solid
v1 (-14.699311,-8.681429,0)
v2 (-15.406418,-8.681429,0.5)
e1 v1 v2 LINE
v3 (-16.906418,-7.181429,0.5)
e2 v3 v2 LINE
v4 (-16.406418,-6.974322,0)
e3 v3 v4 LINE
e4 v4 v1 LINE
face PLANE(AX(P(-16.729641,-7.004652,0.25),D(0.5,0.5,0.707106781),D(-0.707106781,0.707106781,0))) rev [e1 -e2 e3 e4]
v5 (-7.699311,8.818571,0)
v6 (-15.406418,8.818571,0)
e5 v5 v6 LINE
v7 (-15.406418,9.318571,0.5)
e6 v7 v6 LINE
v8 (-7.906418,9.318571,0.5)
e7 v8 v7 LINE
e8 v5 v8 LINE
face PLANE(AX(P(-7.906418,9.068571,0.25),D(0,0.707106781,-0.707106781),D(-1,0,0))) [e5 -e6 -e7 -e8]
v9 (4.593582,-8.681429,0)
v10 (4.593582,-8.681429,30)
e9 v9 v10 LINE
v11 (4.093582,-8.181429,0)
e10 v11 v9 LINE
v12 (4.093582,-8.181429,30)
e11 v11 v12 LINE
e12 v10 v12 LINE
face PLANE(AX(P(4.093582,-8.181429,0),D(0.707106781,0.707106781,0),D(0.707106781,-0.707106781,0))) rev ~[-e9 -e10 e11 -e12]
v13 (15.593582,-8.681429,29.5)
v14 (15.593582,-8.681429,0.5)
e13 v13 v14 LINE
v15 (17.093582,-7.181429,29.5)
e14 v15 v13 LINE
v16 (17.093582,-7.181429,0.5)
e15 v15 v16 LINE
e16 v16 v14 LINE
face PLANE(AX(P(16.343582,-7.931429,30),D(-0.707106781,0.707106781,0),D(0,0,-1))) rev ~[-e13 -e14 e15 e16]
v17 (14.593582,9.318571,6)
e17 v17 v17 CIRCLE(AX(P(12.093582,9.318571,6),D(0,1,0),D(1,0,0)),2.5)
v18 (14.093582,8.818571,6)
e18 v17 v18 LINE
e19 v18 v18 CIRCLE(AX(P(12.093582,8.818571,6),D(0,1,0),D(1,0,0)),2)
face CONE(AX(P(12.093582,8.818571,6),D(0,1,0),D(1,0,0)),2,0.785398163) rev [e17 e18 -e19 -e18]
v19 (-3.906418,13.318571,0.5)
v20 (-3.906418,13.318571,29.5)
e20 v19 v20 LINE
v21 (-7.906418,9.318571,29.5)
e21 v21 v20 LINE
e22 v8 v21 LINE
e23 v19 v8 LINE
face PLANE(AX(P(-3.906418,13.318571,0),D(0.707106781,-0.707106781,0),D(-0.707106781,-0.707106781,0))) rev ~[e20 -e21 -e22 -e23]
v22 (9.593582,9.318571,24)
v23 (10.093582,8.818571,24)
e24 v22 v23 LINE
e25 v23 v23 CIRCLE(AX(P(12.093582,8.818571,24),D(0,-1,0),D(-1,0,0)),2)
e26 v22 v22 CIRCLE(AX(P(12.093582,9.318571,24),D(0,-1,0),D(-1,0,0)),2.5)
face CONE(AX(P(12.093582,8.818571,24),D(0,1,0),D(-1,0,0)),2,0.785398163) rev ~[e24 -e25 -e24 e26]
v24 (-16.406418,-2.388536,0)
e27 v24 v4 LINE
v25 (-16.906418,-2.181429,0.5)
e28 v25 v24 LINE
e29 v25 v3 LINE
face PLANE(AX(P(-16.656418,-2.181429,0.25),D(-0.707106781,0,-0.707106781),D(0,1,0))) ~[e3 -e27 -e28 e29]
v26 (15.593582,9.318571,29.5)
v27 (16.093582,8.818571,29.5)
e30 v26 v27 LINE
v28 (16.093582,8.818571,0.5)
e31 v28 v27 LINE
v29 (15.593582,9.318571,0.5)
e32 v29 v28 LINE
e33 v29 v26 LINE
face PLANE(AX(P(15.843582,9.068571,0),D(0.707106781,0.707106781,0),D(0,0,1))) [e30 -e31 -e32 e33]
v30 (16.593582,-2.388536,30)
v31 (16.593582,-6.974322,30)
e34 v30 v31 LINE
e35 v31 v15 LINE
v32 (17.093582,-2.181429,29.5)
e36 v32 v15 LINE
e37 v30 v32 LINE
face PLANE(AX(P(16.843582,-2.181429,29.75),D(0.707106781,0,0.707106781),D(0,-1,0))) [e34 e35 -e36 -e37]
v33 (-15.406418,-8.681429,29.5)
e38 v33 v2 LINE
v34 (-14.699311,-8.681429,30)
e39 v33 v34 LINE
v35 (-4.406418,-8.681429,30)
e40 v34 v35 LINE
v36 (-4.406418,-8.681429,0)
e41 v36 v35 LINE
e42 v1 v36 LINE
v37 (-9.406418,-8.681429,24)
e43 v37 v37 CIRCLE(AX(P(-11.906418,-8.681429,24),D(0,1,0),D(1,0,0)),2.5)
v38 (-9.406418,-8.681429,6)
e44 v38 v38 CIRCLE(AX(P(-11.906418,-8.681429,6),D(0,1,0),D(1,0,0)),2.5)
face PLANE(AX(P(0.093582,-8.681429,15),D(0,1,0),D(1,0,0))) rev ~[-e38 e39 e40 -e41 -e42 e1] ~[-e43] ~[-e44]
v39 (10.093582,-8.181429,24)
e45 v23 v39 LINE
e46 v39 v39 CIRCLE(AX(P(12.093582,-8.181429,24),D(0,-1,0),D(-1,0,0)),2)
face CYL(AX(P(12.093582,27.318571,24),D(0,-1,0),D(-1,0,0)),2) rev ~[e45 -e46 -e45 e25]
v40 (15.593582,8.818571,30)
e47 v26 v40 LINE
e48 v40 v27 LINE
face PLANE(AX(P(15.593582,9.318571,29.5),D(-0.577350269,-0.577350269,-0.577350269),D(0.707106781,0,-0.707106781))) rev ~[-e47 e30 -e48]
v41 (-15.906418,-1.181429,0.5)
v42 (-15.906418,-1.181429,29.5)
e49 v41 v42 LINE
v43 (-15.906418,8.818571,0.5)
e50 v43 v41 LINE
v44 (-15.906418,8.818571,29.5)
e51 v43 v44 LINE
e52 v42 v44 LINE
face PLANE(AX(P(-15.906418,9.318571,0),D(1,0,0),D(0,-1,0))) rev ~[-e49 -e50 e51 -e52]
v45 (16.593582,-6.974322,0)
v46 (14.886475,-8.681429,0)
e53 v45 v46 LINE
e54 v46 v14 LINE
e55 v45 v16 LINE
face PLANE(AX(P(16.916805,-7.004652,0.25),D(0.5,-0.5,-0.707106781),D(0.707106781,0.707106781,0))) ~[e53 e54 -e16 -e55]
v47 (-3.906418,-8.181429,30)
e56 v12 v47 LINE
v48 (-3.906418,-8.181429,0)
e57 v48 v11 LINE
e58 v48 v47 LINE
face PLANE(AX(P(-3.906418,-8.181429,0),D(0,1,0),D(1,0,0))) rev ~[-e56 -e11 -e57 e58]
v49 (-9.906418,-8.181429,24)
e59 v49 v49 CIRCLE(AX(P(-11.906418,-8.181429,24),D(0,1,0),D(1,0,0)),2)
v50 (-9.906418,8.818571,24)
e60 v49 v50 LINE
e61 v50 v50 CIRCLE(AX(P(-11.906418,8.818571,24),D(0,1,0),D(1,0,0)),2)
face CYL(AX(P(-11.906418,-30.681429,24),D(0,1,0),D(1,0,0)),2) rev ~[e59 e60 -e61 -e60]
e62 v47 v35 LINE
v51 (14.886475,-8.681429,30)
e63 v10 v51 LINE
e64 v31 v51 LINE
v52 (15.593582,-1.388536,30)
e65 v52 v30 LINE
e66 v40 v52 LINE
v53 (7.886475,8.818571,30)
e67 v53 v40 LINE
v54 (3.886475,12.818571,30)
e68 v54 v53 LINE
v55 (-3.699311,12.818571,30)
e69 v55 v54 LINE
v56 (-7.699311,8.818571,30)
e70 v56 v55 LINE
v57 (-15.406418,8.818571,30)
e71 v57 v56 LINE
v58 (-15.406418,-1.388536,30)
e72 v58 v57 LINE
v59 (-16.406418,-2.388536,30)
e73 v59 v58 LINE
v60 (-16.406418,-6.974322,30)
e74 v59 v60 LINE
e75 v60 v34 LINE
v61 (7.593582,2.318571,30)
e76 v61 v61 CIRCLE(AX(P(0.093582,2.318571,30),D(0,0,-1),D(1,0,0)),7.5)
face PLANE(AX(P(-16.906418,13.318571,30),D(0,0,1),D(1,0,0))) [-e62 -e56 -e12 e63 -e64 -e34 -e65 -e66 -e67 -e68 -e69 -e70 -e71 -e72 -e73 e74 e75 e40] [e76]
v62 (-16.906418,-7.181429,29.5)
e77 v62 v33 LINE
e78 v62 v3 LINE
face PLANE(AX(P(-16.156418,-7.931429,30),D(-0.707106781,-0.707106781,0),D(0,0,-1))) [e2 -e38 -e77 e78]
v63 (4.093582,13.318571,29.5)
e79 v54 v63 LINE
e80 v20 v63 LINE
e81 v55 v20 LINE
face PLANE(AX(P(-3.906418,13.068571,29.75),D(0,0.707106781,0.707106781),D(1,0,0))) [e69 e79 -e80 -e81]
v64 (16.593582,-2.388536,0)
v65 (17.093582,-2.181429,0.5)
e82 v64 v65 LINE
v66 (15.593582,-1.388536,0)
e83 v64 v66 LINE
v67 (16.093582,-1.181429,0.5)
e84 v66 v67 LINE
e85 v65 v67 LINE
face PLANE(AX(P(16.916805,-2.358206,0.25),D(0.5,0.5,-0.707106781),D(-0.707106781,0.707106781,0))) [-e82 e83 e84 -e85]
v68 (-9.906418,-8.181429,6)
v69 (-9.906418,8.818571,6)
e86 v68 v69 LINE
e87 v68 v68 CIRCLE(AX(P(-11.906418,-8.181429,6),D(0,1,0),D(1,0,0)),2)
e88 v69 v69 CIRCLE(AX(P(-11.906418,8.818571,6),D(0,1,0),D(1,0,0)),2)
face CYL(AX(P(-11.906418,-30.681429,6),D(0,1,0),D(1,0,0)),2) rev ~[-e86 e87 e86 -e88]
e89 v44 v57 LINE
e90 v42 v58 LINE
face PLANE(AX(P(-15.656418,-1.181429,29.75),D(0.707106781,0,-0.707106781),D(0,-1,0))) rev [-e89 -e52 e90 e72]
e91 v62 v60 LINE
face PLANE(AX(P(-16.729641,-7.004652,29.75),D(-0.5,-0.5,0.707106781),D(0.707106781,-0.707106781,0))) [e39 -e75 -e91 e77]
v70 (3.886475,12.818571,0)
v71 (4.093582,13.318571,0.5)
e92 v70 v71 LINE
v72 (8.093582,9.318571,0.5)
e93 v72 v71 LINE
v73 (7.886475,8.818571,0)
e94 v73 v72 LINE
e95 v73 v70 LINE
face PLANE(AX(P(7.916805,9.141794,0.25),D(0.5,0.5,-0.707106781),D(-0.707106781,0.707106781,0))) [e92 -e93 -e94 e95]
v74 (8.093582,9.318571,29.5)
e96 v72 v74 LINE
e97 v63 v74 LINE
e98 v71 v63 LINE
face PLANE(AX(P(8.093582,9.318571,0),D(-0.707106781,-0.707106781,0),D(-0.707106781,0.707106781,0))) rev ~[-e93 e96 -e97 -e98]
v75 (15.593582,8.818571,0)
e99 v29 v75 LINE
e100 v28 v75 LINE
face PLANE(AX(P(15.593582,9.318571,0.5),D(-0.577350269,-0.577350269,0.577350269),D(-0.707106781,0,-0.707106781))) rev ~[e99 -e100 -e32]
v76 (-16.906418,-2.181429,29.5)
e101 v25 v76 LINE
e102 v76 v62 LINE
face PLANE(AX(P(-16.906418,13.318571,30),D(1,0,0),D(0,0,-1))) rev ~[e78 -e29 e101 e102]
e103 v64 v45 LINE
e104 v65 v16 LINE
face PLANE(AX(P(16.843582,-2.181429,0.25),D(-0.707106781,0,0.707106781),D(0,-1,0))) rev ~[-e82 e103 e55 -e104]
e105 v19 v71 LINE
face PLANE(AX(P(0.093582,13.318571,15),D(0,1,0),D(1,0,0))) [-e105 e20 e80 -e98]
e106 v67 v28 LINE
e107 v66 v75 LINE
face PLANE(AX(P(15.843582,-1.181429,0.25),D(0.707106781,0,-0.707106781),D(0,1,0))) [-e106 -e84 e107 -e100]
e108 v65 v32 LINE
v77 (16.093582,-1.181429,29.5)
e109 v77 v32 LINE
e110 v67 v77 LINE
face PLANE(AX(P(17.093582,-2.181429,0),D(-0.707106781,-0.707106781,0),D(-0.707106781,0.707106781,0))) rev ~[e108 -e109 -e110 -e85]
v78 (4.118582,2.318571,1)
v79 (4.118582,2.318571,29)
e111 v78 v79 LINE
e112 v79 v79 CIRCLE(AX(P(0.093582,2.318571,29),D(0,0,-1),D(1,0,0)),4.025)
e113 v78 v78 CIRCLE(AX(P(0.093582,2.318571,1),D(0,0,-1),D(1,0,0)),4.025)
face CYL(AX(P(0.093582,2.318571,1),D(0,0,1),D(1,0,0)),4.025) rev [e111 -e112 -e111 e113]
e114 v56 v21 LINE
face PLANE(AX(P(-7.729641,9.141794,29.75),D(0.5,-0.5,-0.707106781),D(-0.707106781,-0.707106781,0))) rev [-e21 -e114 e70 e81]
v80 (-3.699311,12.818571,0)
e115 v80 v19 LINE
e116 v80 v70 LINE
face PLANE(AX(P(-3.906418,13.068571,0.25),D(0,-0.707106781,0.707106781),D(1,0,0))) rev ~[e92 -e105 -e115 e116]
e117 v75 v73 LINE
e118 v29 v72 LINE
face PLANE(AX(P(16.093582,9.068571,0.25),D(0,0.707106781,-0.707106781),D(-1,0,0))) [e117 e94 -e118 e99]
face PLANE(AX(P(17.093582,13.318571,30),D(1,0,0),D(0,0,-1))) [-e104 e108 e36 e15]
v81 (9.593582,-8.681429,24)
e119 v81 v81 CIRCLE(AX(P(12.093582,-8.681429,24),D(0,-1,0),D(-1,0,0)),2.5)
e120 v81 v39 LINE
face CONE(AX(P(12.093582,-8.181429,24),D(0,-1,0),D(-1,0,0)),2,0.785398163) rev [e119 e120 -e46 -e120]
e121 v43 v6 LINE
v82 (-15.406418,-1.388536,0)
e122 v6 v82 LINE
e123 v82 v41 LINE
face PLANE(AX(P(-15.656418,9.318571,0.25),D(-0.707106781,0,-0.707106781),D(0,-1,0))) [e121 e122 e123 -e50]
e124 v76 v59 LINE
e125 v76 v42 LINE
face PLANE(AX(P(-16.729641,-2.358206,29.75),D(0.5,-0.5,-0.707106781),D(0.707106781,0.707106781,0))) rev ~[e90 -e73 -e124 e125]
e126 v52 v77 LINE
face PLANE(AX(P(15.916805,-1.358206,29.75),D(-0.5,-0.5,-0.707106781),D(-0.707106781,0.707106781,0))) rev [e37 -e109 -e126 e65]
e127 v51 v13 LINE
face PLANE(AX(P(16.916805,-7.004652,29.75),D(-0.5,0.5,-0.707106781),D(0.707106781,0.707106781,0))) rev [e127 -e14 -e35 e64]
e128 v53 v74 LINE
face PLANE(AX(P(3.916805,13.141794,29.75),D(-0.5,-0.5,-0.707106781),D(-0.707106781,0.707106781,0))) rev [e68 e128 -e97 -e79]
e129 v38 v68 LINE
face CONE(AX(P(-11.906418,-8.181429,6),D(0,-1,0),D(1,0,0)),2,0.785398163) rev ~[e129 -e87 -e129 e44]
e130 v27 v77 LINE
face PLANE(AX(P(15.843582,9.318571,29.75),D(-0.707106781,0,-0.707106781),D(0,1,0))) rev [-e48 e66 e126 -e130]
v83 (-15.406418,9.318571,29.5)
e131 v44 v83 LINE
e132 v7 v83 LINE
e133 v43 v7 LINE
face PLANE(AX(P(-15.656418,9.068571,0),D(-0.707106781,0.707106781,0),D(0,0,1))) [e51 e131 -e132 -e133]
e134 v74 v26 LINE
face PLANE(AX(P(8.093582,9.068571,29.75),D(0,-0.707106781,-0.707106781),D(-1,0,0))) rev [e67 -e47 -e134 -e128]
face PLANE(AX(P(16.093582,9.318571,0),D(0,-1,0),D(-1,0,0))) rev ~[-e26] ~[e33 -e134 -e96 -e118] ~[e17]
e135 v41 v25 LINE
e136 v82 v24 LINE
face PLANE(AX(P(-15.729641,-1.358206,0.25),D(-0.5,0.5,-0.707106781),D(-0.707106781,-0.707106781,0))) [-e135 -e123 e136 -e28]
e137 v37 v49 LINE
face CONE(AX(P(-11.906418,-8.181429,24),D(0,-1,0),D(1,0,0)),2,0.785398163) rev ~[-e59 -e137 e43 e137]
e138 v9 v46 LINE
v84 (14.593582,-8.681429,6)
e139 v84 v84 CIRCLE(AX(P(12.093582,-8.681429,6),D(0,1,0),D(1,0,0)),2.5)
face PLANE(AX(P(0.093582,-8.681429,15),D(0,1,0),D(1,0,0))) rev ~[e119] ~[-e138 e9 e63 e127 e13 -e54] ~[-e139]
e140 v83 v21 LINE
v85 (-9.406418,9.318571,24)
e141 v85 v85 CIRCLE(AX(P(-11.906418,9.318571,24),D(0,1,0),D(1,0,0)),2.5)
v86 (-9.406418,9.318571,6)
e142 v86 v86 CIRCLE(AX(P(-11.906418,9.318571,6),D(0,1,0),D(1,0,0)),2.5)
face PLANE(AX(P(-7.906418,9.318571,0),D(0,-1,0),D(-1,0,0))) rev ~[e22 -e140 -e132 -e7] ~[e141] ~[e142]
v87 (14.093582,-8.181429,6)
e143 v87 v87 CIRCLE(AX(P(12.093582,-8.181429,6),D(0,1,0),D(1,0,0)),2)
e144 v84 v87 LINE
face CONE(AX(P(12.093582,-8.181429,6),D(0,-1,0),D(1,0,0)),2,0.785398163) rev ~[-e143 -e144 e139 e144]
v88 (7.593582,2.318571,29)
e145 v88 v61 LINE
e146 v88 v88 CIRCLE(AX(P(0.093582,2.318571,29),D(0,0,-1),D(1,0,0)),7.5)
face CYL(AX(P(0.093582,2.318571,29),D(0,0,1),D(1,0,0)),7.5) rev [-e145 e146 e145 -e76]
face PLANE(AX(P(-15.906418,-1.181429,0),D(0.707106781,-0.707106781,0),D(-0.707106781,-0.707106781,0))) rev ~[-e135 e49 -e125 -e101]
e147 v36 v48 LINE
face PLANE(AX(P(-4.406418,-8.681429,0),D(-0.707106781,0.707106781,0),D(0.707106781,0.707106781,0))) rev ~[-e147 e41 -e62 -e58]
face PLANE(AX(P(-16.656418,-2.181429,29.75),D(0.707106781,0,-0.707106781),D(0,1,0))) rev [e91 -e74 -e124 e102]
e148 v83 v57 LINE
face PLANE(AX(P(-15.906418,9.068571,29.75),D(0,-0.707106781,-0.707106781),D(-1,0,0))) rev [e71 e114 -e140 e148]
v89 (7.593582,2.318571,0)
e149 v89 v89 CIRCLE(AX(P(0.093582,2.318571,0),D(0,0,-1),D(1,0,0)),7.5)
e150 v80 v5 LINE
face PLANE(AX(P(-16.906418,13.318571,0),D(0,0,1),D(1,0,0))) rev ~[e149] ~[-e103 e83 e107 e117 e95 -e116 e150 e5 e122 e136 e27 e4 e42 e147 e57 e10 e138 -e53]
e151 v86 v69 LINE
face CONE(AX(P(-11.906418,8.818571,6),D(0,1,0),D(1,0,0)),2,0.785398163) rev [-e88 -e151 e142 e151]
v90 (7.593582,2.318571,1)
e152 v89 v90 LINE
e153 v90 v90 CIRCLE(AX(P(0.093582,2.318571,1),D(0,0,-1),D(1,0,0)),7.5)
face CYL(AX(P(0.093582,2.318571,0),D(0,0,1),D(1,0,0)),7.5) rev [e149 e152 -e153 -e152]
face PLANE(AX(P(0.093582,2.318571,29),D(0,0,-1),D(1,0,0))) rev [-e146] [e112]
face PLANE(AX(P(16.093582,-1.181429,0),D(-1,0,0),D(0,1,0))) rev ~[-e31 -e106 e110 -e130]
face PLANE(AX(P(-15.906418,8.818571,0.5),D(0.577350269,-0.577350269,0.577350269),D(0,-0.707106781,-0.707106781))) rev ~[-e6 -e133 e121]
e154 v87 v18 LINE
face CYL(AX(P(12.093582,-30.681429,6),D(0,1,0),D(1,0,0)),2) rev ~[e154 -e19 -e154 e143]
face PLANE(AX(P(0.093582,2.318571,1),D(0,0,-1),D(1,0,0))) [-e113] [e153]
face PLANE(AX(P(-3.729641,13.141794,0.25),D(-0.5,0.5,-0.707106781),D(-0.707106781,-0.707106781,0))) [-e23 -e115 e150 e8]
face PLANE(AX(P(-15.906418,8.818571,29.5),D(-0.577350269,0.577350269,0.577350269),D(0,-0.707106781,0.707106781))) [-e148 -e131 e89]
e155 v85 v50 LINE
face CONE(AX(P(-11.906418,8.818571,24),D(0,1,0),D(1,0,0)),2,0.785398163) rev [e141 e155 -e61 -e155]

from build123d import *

# Parameters (mm, degrees)
ESBO_O1_W                      = 34
ESBO_O1_H                      = 30
RESSALTO_EXTRUS_O1_DEPTH       = 22
CORTE_EXTRUS_O1_DEPTH          = 31
CORTE_EXTRUS_O2_DEPTH          = 31
CORTE_EXTRUS_O3_DEPTH          = 31
CORTE_EXTRUS_O4_DEPTH          = 31
CORTE_EXTRUS_O5_DEPTH          = 31
FURO_DE_DI_METRO_4_0_4_1_D     = 4
FURO_DE_DI_METRO_4_0_4_1_DEPTH = 18
FURO_DE_DI_METRO_4_0_4_2_D     = 4
FURO_DE_DI_METRO_4_0_4_2_DEPTH = 22
CHANFRO1_SIZE                  = 1.5
CHANFRO2_SIZE                  = 0.500000009


with BuildPart() as part:
    # Esboço1 → Ressalto-extrusão1 (new body)
    with BuildSketch(Plane(origin=(0, 13.318571188, 0), x_dir=(1, 0, 0), z_dir=(0, 1, 0))):
        with Locations((0.093581821, -15)):
            Rectangle(ESBO_O1_W, ESBO_O1_H)
    extrude(amount=-RESSALTO_EXTRUS_O1_DEPTH)

    # Esboço2 → Corte-extrusão1 (cut, through all)
    with BuildSketch(Plane(origin=(0, 0, 0), x_dir=(-1, 0, 0), z_dir=(0, 0, -1))):
        Polygon((-17.093581821, -2.181428812), (-16.093581821, -1.181428812), (-16.093581821, 13.318571188), (-17.093581821, 13.318571188), align=None)
    extrude(amount=-CORTE_EXTRUS_O1_DEPTH, mode=Mode.SUBTRACT)

    # Esboço3 → Corte-extrusão2 (cut, through all)
    with BuildSketch(Plane(origin=(0, 0, 0), x_dir=(-1, 0, 0), z_dir=(0, 0, -1))):
        Polygon((-16.093581821, 13.318571188), (-16.093581821, 9.318571188), (-8.093581821, 9.318571188), (-4.093581821, 13.318571188), align=None)
    extrude(amount=-CORTE_EXTRUS_O2_DEPTH, mode=Mode.SUBTRACT)

    # Esboço4 → Corte-extrusão3 (cut, through all)
    with BuildSketch(Plane(origin=(0, 0, 0), x_dir=(-1, 0, 0), z_dir=(0, 0, -1))):
        Polygon((16.906418179, 13.318571188), (3.906418179, 13.318571188), (7.906418179, 9.318571188), (16.906418179, 9.318571188), align=None)
    extrude(amount=-CORTE_EXTRUS_O3_DEPTH, mode=Mode.SUBTRACT)

    # Esboço5 → Corte-extrusão4 (cut, through all)
    with BuildSketch(Plane(origin=(0, 0, 0), x_dir=(-1, 0, 0), z_dir=(0, 0, -1))):
        Polygon((15.906418179, 9.318571188), (15.906418179, -1.181428812), (16.906418179, -2.181428812), (16.906418179, 9.318571188), align=None)
    extrude(amount=-CORTE_EXTRUS_O4_DEPTH, mode=Mode.SUBTRACT)

    # Esboço6 → Corte-extrusão5 (cut, through all)
    with BuildSketch(Plane(origin=(0, 0, 0), x_dir=(-1, 0, 0), z_dir=(0, 0, -1))):
        Polygon((-4.593581821, -8.681428812), (4.406418179, -8.681428812), (3.906418179, -8.181428812), (-4.093581821, -8.181428812), align=None)
    extrude(amount=-CORTE_EXTRUS_O5_DEPTH, mode=Mode.SUBTRACT)

    # Esboço7 → Corte-Revolução1 (revolve, cut)
    with BuildSketch(Plane.XZ.offset(-2.318571188)):
        Polygon((7.593581821, 30), (0.093581821, 30), (0.093581821, 0), (7.593581821, 0), (7.593581821, 1), (4.118581821, 1), (4.118581821, 29), (7.593581821, 29), align=None)
    revolve(axis=Axis((0.093581821, 2.318571188, 30), (0, 0, -1)), mode=Mode.SUBTRACT)

    # Furo de diâmetro Ø4.0 (4)1
    with Locations(Plane(origin=(0, 9.318571188, 0), x_dir=(1, 0, 0), z_dir=(0, 1, 0))):
        with Locations((12.093581821, -24)):
            Hole(FURO_DE_DI_METRO_4_0_4_1_D / 2, depth=FURO_DE_DI_METRO_4_0_4_1_DEPTH)

    # Furo de diâmetro Ø4.0 (4)2
    with Locations(Plane(origin=(0, -8.681428812, 0), x_dir=(-1, 0, 0), z_dir=(0, -1, 0))):
        with Locations((11.906418179, -6), (11.906418179, -24), (-12.093581821, -6)):
            Hole(FURO_DE_DI_METRO_4_0_4_2_D / 2, depth=FURO_DE_DI_METRO_4_0_4_2_DEPTH)

    # Chanfro1
    chanfro1_edges = [part.edges().sort_by_distance(p)[0] for p in [
        (17.093581821, -8.681428812, 15),
        (-16.906418179, -8.681428812, 15),
    ]]
    chamfer(chanfro1_edges, length=CHANFRO1_SIZE)

    # Chanfro2
    chanfro2_edges = [part.edges().sort_by_distance(p)[0] for p in [
        (10.093581821, 9.318571188, 6),
        (10.093581821, -8.681428812, 6),
        (-13.906418179, 9.318571188, 24),
        (-13.906418179, -8.681428812, 24),
        (-13.906418179, 9.318571188, 6),
        (-13.906418179, -8.681428812, 6),
        (17.093581821, -4.681428812, 30),
        (17.093581821, -4.681428812, 0),
        (-16.906418179, -4.681428812, 0),
        (-16.156418179, -7.931428812, 0),
        (16.343581821, -7.931428812, 0),
        (-16.906418179, -4.681428812, 30),
        (-16.156418179, -7.931428812, 30),
        (16.343581821, -7.931428812, 30),
        (16.093581821, 4.068571188, 30),
        (16.593581821, -1.681428812, 30),
        (16.593581821, -1.681428812, 0),
        (16.093581821, 4.068571188, 0),
        (0.093581821, 13.318571188, 0),
        (6.093581821, 11.318571188, 30),
        (12.093581821, 9.318571188, 30),
        (16.093581821, 9.318571188, 15),
        (12.093581821, 9.318571188, 0),
        (6.093581821, 11.318571188, 0),
        (0.093581821, 13.318571188, 30),
        (-11.906418179, 9.318571188, 30),
        (-5.906418179, 11.318571188, 30),
        (-5.906418179, 11.318571188, 0),
        (-11.906418179, 9.318571188, 0),
        (-15.906418179, 9.318571188, 15),
        (-16.406418179, -1.681428812, 30),
        (-15.906418179, 4.068571188, 30),
        (-15.906418179, 4.068571188, 0),
        (-16.406418179, -1.681428812, 0),
        (14.093581821, 9.318571188, 24),
        (14.093581821, -8.681428812, 24),
    ]]
    chamfer(chanfro2_edges, length=CHANFRO2_SIZE)


solid = part.part
